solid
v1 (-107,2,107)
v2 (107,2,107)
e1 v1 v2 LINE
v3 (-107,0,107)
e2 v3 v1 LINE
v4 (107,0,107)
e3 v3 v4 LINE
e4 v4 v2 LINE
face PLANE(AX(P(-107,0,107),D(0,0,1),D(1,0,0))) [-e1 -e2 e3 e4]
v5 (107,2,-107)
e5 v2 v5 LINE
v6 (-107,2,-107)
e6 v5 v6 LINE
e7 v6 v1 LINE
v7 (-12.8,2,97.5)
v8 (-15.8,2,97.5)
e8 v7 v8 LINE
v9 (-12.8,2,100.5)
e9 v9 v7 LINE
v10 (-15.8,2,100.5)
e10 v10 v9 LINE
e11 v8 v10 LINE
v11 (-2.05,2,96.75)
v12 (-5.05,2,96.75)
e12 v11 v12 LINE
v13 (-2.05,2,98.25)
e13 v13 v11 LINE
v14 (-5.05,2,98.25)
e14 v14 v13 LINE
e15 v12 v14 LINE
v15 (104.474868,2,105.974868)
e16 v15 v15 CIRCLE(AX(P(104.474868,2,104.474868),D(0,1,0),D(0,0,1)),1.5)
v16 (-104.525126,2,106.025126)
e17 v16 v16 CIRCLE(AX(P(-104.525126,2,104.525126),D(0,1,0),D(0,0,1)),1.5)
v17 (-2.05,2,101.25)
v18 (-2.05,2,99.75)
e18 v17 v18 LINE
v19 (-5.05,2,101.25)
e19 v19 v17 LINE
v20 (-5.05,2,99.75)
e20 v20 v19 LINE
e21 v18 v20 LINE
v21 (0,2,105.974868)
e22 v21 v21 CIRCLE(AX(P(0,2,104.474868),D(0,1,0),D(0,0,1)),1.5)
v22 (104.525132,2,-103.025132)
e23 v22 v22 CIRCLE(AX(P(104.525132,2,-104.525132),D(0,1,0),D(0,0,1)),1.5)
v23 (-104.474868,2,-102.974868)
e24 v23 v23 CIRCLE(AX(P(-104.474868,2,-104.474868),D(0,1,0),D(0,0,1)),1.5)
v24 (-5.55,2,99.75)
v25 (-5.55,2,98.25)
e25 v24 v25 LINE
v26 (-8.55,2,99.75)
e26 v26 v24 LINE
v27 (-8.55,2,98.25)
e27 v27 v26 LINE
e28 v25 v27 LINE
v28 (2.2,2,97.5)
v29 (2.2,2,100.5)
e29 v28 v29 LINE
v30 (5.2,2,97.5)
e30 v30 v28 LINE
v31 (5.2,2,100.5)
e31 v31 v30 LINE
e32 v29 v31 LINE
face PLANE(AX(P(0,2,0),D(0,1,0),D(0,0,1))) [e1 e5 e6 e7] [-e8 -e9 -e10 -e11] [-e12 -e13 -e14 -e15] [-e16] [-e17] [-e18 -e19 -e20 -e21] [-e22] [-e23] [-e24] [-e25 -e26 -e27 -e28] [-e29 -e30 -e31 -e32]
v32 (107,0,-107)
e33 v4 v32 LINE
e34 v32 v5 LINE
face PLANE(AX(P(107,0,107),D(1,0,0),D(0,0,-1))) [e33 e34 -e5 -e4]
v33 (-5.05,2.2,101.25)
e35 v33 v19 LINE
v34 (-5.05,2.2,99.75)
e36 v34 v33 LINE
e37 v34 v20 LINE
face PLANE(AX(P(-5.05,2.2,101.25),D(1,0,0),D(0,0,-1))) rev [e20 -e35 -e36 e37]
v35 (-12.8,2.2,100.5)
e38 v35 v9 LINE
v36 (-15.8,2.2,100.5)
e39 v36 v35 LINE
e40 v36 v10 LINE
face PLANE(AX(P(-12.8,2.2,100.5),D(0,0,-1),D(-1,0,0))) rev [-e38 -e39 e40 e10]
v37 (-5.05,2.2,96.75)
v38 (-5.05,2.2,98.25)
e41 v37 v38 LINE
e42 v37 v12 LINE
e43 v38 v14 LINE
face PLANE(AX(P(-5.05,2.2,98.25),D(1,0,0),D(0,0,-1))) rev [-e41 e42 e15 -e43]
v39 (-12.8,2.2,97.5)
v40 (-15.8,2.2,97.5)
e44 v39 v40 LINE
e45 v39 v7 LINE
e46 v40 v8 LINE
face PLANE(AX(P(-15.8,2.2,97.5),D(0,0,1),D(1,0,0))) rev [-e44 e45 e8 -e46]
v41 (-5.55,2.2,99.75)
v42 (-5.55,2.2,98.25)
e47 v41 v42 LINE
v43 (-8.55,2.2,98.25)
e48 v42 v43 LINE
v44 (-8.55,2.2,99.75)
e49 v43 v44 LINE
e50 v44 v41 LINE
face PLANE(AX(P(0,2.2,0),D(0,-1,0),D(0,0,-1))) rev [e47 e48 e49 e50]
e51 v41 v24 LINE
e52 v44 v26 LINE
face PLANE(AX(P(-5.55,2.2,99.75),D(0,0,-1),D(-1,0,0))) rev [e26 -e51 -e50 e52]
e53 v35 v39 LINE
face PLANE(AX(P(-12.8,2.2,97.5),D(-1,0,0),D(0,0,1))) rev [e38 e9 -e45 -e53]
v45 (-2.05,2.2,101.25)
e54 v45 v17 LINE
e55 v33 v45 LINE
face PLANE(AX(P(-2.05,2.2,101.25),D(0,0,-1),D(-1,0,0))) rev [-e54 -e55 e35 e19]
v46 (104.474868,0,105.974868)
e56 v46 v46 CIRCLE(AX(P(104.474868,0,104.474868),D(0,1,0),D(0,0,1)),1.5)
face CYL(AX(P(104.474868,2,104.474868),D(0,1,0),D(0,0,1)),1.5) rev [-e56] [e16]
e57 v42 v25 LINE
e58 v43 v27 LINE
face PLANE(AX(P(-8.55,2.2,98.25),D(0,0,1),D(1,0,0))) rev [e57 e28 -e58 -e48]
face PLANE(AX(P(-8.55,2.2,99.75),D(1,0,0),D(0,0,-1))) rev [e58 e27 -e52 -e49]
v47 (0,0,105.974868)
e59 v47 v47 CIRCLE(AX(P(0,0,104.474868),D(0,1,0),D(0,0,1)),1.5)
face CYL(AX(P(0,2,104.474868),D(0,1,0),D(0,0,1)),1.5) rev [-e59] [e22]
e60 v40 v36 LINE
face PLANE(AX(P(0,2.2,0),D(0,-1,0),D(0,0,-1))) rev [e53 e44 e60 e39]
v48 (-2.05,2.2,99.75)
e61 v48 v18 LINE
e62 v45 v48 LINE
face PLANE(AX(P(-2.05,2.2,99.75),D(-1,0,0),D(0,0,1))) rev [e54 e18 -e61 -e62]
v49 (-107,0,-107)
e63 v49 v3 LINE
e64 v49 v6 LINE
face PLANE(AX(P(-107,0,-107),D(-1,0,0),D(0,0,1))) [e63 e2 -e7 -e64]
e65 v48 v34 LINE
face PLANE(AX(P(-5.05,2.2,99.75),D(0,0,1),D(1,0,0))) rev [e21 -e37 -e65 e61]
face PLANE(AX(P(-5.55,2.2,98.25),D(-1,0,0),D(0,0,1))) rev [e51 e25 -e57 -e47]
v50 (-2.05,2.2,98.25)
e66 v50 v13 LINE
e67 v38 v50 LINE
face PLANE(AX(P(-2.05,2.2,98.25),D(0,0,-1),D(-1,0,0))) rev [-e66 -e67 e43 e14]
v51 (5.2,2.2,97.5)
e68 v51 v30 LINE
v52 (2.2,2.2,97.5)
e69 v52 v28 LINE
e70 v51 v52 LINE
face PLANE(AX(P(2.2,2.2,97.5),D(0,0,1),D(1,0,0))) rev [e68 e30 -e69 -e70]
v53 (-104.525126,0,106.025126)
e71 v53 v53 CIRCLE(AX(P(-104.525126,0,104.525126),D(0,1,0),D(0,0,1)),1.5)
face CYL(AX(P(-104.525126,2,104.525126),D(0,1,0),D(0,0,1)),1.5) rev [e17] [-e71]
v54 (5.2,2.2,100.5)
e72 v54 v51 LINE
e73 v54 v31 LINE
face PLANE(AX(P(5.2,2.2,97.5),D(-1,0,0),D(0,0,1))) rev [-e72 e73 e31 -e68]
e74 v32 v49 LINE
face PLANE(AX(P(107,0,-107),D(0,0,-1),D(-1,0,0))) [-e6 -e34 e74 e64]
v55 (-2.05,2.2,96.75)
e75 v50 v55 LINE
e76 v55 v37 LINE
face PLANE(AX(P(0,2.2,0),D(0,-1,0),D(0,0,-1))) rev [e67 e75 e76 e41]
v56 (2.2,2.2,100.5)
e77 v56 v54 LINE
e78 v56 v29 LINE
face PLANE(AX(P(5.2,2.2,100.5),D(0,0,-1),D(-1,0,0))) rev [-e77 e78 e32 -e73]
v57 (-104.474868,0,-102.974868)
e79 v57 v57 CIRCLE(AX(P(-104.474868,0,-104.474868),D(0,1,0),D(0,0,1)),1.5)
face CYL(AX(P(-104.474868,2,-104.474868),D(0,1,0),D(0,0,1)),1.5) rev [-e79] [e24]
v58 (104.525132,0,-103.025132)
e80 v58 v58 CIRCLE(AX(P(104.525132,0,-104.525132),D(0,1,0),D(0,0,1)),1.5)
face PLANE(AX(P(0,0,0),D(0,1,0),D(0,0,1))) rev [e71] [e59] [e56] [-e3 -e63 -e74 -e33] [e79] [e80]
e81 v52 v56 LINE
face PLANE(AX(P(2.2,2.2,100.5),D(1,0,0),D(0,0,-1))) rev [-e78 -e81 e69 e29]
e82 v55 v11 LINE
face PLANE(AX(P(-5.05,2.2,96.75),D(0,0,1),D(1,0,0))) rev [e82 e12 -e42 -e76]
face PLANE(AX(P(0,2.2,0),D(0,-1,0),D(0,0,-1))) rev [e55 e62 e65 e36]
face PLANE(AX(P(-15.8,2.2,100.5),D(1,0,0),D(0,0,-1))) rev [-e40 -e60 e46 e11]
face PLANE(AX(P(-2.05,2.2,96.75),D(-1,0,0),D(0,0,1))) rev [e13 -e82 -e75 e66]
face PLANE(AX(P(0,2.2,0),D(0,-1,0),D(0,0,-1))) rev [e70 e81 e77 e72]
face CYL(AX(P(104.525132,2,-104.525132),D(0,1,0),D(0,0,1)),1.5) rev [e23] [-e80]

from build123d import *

# Parameters (mm, degrees)
CROQUIS1_W                    = 214
CROQUIS1_H                    = 214
SALIENTE_EXTRUIR1_DEPTH       = 2
CROQUIS2_W                    = 3
CROQUIS2_H                    = 3
SALIENTE_EXTRUIR2_DEPTH       = 0.2
CROQUIS3_W                    = 3
CROQUIS3_H                    = 3
SALIENTE_EXTRUIR3_DEPTH       = 0.2
CROQUIS4_W                    = 3
CROQUIS4_H                    = 1.5
SALIENTE_EXTRUIR4_DEPTH       = 0.2
CROQUIS5_W                    = 3
CROQUIS5_H                    = 1.5
SALIENTE_EXTRUIR5_DEPTH       = 0.2
CROQUIS6_W                    = 3
CROQUIS6_H                    = 1.5
SALIENTE_EXTRUIR6_DEPTH       = 0.2
DI_METRO_DE_TALADRO_3_0_3_1_D = 3


with BuildPart() as part:
    # Croquis1 → Saliente-Extruir1 (new body)
    with BuildSketch(Plane(origin=(0, 2, 0), x_dir=(1, 0, 0), z_dir=(0, 1, 0))):
        Rectangle(CROQUIS1_W, CROQUIS1_H)
    extrude(amount=-SALIENTE_EXTRUIR1_DEPTH)

    # Croquis2 → Saliente-Extruir2 (add)
    with BuildSketch(Plane(origin=(0, 2, 0), x_dir=(-1, 0, 0), z_dir=(0, 1, 0))):
        with Locations((-3.7, 99)):
            Rectangle(CROQUIS2_W, CROQUIS2_H)
    extrude(amount=SALIENTE_EXTRUIR2_DEPTH)

    # Croquis3 → Saliente-Extruir3 (add)
    with BuildSketch(Plane(origin=(0, 2, 0), x_dir=(-1, 0, 0), z_dir=(0, 1, 0))):
        with Locations((14.3, 99)):
            Rectangle(CROQUIS3_W, CROQUIS3_H)
    extrude(amount=SALIENTE_EXTRUIR3_DEPTH)

    # Croquis4 → Saliente-Extruir4 (add)
    with BuildSketch(Plane(origin=(0, 2, 0), x_dir=(-1, 0, 0), z_dir=(0, 1, 0))):
        with Locations((7.05, 99)):
            Rectangle(CROQUIS4_W, CROQUIS4_H)
    extrude(amount=SALIENTE_EXTRUIR4_DEPTH)

    # Croquis5 → Saliente-Extruir5 (add)
    with BuildSketch(Plane(origin=(0, 2, 0), x_dir=(-1, 0, 0), z_dir=(0, 1, 0))):
        with Locations((3.55, 97.5)):
            Rectangle(CROQUIS5_W, CROQUIS5_H)
    extrude(amount=SALIENTE_EXTRUIR5_DEPTH)

    # Croquis6 → Saliente-Extruir6 (add)
    with BuildSketch(Plane(origin=(0, 2, 0), x_dir=(-1, 0, 0), z_dir=(0, 1, 0))):
        with Locations((3.55, 100.5)):
            Rectangle(CROQUIS6_W, CROQUIS6_H)
    extrude(amount=SALIENTE_EXTRUIR6_DEPTH)

    # Diámetro de taladro Ø3.0 (3)1 (through all)
    with Locations(Plane(origin=(0, 2, 0), x_dir=(1, 0, 0), z_dir=(0, 1, 0))):
        with Locations((104.525132309, 104.525132309), (-104.525126266, -104.525126266), (104.474867691, -104.474867691), (-104.474867691, 104.474867691), (0, -104.474867691)):
            Hole(DI_METRO_DE_TALADRO_3_0_3_1_D / 2)


solid = part.part
